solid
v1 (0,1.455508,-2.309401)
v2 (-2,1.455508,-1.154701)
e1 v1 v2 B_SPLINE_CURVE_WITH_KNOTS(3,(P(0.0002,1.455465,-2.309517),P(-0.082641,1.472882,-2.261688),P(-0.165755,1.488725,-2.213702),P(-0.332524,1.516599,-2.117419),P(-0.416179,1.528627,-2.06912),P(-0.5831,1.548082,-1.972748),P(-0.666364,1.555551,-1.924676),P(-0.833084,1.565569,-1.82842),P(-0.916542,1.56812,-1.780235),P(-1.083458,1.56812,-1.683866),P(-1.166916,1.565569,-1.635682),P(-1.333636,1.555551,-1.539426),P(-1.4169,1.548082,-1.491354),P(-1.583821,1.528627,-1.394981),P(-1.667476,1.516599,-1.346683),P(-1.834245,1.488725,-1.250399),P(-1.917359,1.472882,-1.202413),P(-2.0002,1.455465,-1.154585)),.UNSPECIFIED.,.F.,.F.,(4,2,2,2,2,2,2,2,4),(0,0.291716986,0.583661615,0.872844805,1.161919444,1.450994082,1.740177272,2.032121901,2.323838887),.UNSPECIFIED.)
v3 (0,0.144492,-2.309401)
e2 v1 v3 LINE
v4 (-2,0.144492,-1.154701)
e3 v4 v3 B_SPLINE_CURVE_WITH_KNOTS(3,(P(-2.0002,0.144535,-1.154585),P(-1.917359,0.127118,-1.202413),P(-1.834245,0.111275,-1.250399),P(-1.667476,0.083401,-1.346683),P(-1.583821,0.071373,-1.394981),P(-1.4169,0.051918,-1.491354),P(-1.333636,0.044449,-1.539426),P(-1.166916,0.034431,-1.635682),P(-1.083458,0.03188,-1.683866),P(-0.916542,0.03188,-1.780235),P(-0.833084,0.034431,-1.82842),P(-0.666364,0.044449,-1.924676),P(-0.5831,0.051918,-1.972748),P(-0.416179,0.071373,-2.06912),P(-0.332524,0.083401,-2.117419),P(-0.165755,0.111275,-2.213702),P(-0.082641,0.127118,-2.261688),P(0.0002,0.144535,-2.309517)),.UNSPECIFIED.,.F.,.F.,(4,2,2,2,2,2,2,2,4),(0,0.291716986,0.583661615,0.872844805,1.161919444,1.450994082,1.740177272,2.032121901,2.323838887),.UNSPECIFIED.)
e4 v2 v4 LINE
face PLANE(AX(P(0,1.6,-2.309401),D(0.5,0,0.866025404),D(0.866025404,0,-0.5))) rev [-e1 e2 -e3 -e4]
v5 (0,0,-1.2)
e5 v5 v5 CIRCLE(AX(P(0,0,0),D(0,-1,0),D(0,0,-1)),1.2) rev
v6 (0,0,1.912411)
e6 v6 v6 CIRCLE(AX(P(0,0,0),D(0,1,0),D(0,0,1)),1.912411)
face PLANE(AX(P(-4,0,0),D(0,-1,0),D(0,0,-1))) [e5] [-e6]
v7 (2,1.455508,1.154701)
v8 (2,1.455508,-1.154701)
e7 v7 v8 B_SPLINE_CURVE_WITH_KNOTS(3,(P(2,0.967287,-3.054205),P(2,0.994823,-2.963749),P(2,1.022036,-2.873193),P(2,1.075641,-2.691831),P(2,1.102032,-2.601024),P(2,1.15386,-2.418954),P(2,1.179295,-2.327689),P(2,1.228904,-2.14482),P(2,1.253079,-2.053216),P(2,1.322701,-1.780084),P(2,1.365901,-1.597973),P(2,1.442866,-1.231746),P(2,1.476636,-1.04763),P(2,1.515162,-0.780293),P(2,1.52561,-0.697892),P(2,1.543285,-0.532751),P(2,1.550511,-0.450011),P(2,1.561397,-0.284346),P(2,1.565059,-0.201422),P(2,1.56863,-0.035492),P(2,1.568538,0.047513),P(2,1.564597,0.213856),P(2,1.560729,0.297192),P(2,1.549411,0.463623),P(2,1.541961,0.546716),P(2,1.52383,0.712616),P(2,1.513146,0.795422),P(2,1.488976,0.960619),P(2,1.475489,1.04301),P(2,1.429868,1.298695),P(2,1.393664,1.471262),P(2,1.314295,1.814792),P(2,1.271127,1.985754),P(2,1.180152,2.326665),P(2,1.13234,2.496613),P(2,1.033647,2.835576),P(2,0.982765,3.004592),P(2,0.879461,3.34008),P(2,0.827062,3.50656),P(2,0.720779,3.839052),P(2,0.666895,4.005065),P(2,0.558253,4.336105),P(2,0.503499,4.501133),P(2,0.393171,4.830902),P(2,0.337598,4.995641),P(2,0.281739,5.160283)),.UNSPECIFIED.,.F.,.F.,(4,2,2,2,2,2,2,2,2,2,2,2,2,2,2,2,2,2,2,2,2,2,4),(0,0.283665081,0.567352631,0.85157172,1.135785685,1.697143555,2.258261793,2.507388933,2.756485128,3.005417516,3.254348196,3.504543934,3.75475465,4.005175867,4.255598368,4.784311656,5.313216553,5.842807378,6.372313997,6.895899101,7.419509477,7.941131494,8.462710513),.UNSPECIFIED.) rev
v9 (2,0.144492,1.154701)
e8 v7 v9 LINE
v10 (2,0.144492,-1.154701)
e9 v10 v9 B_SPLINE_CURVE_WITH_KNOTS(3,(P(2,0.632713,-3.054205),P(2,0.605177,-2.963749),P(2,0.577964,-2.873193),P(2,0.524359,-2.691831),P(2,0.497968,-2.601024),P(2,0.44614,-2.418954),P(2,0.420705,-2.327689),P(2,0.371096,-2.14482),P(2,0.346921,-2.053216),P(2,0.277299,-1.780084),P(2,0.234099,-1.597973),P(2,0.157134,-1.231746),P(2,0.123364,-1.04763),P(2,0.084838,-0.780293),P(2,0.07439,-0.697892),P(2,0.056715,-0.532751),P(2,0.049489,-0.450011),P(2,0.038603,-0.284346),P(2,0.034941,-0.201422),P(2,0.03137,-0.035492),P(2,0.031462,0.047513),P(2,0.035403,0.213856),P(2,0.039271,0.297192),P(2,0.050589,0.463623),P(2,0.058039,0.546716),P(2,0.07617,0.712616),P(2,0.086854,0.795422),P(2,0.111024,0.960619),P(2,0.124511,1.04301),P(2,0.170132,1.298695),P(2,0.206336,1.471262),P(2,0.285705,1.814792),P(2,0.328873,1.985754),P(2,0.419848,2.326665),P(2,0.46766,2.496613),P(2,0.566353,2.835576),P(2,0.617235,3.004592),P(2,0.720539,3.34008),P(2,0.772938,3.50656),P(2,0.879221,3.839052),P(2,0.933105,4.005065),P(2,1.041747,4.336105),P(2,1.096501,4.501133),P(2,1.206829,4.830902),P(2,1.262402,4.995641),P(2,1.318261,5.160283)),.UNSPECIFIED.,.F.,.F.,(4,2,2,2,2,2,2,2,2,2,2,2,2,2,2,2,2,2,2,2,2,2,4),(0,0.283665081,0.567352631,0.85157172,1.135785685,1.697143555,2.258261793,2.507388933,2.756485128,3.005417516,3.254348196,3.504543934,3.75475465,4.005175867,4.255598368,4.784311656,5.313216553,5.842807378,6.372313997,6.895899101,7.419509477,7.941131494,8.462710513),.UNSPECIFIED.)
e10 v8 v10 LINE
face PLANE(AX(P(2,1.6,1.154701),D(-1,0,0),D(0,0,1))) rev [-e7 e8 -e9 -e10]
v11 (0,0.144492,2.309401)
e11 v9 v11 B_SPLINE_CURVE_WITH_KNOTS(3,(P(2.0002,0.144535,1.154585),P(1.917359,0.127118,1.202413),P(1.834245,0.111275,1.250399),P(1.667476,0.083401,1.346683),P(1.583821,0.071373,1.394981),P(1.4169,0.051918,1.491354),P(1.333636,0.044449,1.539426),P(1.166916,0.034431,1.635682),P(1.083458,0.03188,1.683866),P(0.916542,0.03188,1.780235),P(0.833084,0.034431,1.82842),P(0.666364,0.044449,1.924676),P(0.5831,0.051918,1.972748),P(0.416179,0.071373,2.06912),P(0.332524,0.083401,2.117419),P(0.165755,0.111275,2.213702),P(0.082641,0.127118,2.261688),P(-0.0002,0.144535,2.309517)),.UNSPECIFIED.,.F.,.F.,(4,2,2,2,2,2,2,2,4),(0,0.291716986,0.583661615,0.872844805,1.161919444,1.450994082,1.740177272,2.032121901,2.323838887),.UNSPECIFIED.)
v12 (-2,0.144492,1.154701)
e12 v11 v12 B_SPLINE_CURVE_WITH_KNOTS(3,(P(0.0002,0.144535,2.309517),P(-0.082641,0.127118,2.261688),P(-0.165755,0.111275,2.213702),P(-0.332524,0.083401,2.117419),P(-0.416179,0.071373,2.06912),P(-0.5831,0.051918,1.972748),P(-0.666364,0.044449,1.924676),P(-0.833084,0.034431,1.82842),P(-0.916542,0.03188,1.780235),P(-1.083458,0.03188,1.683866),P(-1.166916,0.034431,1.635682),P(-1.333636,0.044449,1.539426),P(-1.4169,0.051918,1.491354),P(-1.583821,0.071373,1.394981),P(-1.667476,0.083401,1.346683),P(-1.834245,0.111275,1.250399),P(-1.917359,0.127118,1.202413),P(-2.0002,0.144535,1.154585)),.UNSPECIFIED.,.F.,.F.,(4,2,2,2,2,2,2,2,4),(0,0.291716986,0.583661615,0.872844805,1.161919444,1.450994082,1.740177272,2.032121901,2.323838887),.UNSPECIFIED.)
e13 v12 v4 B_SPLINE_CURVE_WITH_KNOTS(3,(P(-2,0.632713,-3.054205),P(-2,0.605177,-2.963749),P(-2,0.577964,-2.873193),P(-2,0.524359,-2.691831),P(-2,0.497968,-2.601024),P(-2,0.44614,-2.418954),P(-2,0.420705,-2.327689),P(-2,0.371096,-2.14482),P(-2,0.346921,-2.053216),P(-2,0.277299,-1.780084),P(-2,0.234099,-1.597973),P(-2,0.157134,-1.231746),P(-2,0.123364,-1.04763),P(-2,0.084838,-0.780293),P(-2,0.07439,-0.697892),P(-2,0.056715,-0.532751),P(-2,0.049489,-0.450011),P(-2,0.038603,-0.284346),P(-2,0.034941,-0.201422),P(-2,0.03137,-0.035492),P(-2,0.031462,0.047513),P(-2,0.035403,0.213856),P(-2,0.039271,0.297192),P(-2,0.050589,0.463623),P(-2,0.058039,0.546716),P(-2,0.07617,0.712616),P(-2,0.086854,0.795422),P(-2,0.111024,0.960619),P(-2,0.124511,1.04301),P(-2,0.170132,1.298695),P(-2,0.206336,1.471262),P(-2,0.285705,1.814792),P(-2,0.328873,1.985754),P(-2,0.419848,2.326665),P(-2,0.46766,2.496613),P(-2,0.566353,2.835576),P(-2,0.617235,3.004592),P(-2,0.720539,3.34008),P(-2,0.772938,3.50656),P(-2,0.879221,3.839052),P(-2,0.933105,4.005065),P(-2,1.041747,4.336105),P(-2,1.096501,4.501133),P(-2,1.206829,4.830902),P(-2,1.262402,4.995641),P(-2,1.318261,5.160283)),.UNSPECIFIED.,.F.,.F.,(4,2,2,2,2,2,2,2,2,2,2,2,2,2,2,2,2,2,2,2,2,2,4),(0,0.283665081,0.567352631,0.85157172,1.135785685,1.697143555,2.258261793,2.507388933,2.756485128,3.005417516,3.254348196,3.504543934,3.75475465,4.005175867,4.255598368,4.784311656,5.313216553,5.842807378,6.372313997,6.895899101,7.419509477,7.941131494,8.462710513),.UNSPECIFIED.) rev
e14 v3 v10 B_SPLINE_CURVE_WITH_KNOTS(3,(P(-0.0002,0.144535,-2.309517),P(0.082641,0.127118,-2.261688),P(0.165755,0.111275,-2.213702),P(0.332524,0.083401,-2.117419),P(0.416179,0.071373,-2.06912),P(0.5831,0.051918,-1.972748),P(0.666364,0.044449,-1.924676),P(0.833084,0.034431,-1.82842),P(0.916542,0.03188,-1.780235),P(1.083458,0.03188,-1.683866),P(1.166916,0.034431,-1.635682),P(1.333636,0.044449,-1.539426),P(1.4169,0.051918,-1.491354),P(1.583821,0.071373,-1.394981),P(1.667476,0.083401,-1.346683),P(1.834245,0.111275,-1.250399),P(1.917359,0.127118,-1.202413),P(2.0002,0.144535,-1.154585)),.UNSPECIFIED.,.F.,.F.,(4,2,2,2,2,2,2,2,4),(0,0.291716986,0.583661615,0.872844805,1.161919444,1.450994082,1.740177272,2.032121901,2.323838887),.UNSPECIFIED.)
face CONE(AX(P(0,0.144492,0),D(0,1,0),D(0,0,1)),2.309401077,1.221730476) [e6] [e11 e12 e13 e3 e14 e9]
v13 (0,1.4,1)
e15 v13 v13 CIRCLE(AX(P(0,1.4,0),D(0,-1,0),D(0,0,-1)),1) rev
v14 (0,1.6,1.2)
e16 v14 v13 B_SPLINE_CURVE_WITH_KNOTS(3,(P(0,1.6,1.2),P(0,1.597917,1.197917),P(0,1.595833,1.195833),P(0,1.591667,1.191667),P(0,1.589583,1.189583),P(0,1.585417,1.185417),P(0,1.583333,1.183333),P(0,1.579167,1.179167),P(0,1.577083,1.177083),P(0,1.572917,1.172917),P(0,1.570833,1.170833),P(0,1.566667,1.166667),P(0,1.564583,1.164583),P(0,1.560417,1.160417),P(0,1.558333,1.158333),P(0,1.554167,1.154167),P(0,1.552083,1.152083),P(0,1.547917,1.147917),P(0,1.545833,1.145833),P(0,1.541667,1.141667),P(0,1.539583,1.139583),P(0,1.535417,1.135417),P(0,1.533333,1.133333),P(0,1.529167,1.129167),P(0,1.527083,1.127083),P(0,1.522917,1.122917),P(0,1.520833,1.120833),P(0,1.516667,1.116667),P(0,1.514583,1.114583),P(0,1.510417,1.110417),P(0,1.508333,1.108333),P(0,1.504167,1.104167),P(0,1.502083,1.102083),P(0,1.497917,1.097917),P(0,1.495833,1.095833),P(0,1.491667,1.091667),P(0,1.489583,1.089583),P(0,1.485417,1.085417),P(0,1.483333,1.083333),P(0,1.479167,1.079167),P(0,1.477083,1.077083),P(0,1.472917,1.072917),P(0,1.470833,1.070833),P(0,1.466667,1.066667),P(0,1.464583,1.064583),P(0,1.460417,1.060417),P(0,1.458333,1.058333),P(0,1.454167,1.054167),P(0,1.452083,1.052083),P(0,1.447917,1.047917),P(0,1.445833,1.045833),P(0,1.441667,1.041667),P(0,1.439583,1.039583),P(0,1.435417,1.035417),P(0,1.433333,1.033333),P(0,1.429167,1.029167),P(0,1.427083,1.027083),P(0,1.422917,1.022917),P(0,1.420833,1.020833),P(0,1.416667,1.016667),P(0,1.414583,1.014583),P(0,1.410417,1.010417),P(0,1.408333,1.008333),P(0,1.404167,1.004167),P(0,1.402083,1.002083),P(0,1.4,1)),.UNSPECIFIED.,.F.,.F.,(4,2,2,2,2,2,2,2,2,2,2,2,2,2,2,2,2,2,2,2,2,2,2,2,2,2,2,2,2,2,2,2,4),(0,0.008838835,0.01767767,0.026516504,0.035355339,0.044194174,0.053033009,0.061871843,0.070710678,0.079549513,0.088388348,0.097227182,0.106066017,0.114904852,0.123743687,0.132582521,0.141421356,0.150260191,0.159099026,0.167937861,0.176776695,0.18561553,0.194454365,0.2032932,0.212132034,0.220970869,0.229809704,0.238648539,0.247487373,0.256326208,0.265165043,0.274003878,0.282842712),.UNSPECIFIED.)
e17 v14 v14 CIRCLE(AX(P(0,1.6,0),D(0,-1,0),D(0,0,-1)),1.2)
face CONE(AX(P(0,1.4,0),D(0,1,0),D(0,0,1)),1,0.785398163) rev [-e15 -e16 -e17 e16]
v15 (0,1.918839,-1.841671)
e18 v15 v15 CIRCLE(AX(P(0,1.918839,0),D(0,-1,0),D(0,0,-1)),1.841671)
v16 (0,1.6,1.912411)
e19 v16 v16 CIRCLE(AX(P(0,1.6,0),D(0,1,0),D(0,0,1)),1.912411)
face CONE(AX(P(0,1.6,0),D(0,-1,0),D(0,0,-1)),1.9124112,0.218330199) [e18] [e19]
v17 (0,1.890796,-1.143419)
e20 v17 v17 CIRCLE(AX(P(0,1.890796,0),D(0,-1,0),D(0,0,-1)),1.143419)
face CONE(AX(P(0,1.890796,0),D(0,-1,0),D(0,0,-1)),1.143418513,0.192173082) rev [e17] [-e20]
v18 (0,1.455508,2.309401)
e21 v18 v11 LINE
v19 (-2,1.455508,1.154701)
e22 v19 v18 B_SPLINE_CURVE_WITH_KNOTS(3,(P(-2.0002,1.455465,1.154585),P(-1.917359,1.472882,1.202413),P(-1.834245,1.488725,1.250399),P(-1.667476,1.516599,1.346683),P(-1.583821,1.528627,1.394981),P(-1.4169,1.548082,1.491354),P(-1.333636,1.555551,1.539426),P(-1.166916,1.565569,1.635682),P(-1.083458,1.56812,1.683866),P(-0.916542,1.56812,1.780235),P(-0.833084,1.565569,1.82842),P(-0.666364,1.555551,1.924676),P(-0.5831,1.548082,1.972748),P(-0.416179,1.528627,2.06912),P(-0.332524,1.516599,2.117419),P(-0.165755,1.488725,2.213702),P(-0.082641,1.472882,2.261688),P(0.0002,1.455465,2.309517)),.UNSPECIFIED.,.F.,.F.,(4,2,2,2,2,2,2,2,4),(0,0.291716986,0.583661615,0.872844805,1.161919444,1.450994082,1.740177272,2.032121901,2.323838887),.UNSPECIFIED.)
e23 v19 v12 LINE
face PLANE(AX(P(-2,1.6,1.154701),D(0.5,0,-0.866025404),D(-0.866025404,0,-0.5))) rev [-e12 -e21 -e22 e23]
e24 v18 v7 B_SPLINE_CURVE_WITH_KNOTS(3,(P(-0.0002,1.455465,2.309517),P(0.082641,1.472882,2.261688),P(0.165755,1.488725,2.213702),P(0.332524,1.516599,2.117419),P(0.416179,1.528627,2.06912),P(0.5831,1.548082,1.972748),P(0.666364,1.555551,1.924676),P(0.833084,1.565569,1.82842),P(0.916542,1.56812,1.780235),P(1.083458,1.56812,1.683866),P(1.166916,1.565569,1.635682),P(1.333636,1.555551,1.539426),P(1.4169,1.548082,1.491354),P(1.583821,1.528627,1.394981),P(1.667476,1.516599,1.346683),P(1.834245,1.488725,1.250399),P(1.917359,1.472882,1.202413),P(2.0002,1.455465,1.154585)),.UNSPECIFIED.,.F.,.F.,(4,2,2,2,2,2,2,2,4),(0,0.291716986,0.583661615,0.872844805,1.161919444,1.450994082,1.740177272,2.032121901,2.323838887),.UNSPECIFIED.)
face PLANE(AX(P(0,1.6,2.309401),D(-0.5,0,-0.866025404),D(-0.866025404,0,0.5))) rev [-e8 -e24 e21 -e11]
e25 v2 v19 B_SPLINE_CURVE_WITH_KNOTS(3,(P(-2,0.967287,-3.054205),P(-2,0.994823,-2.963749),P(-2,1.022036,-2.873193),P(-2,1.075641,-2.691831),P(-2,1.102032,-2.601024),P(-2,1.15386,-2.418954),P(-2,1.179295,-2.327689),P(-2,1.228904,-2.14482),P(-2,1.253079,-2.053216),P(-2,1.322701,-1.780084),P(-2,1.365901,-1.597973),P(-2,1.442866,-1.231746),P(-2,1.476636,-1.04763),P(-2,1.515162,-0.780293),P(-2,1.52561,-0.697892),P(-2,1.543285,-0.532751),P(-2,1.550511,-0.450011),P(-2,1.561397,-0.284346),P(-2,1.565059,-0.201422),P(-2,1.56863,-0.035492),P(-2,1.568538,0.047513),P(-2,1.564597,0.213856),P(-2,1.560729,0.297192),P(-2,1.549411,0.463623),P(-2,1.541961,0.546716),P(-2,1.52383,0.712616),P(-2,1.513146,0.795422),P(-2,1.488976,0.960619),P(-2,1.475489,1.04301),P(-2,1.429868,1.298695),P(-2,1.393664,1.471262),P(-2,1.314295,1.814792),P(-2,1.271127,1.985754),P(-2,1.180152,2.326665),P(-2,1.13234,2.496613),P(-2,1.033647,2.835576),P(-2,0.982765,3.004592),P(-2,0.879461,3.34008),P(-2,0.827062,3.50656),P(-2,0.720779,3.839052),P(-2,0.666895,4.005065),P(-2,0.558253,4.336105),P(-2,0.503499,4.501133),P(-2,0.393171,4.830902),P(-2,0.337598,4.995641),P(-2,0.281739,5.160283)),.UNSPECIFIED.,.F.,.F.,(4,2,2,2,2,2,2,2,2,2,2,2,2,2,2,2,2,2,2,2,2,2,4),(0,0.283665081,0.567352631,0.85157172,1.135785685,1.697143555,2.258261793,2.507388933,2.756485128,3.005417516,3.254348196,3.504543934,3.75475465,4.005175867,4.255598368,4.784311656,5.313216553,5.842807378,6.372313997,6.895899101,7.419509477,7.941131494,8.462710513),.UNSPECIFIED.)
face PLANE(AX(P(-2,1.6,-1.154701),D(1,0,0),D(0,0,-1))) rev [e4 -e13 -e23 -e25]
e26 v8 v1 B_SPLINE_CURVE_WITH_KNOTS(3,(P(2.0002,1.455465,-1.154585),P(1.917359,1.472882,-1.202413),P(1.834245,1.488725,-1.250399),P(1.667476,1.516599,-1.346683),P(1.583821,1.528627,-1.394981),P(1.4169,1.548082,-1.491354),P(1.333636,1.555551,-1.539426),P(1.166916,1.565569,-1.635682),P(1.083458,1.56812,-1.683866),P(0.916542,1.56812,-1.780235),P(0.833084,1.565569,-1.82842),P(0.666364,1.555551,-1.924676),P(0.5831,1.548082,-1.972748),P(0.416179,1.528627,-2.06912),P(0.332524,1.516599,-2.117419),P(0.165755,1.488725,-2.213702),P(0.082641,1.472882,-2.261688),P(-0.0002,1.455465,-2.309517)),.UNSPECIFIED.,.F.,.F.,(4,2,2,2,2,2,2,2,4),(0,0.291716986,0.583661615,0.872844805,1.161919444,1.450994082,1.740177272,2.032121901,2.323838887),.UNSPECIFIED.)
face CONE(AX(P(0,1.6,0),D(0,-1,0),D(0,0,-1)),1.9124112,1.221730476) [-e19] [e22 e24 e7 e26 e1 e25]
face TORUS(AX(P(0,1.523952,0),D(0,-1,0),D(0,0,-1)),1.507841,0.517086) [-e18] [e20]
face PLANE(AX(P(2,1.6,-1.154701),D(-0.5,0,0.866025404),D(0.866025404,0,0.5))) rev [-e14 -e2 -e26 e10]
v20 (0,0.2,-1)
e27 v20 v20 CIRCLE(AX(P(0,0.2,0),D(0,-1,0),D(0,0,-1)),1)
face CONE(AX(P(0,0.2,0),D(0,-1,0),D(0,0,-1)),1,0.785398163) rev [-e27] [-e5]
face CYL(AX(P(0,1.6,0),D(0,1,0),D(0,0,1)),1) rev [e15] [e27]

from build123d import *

# Parameters (mm, degrees)
EXTRUDE_1_DEPTH              = 1.6
HOLE_WIZARD_M2_1_D           = 1.6
HOLE_WIZARD_M2_1_DEPTH       = 6
HOLE_WIZARD_M2_1_CBORE_D     = 2
HOLE_WIZARD_M2_1_CBORE_DEPTH = 4
HOLE_WIZARD_M2_1_TIP         = 0.480688495
CHAMFER_1_SIZE               = 0.2


with BuildPart() as part:
    # 草图1 → 拉伸1 (new body)
    with BuildSketch(Plane(origin=(0, 0, 0), x_dir=(1, 0, 0), z_dir=(0, 1, 0))):
        Polygon((0, -2.309401077), (2, -1.154700538), (2, 1.154700538), (0, 2.309401077), (-2, 1.154700538), (-2, -1.154700538), align=None)
    extrude(amount=EXTRUDE_1_DEPTH)

    # M2 螺纹孔1
    with Locations(Plane(origin=(0, 1.6, 0), x_dir=(-1, 0, 0), z_dir=(0, 1, 0))):
        with Locations((0, 0)):
            CounterBoreHole(HOLE_WIZARD_M2_1_D / 2, HOLE_WIZARD_M2_1_CBORE_D / 2, HOLE_WIZARD_M2_1_CBORE_DEPTH, depth=HOLE_WIZARD_M2_1_DEPTH)
            with Locations((0, 0, -(HOLE_WIZARD_M2_1_DEPTH + HOLE_WIZARD_M2_1_TIP / 2))):  # 118° drill point
                Cone(0, HOLE_WIZARD_M2_1_D / 2, HOLE_WIZARD_M2_1_TIP, mode=Mode.SUBTRACT)

    # 草图4 → 切除-旋转2 (revolve, cut)
    with BuildSketch(Plane(origin=(0, 0, 0), x_dir=(0, 0, -1), z_dir=(1, 0, 0)), mode=Mode.PRIVATE) as cut_revolve_2_sk:
        Polygon((1.9124112, 0), (2.309401077, 0.144492499), (2.309401077, 0), align=None)
        Polygon((2.309401077, 1.6), (2.309401077, 1.455507501), (1.9124112, 1.6), align=None)
    revolve(cut_revolve_2_sk.sketch.rotate(Axis((0, 3.026713328, 0), (0, -1, 0)), 180), axis=Axis((0, 3.026713328, 0), (0, -1, 0)), mode=Mode.SUBTRACT)

    # 倒角1
    chamfer_1_edges = [part.edges().sort_by_distance(p)[0] for p in [
        (1, 0, 0),
        (1, 1.6, 0),
    ]]
    chamfer(chamfer_1_edges, length=CHAMFER_1_SIZE)

    # 草图5 → 旋转1 (revolve)
    with BuildSketch(Plane.XY, mode=Mode.PRIVATE) as revolve_1_sk:
        with BuildLine():
            Line((1.9124112, 1.6), (1.2, 1.6))
            Line((1.2, 1.6), (1.143418513, 1.890796389))
            ThreePointArc((1.143418513, 1.890796389), (1.487091006, 2.040622043), (1.841671491, 1.918838677))
            Line((1.841671491, 1.918838677), (1.9124112, 1.6))
        make_face()
    revolve(revolve_1_sk.sketch.rotate(Axis((0, 0, 0), (0, 1, 0)), 90), axis=Axis((0, 0, 0), (0, 1, 0)))


solid = part.part
